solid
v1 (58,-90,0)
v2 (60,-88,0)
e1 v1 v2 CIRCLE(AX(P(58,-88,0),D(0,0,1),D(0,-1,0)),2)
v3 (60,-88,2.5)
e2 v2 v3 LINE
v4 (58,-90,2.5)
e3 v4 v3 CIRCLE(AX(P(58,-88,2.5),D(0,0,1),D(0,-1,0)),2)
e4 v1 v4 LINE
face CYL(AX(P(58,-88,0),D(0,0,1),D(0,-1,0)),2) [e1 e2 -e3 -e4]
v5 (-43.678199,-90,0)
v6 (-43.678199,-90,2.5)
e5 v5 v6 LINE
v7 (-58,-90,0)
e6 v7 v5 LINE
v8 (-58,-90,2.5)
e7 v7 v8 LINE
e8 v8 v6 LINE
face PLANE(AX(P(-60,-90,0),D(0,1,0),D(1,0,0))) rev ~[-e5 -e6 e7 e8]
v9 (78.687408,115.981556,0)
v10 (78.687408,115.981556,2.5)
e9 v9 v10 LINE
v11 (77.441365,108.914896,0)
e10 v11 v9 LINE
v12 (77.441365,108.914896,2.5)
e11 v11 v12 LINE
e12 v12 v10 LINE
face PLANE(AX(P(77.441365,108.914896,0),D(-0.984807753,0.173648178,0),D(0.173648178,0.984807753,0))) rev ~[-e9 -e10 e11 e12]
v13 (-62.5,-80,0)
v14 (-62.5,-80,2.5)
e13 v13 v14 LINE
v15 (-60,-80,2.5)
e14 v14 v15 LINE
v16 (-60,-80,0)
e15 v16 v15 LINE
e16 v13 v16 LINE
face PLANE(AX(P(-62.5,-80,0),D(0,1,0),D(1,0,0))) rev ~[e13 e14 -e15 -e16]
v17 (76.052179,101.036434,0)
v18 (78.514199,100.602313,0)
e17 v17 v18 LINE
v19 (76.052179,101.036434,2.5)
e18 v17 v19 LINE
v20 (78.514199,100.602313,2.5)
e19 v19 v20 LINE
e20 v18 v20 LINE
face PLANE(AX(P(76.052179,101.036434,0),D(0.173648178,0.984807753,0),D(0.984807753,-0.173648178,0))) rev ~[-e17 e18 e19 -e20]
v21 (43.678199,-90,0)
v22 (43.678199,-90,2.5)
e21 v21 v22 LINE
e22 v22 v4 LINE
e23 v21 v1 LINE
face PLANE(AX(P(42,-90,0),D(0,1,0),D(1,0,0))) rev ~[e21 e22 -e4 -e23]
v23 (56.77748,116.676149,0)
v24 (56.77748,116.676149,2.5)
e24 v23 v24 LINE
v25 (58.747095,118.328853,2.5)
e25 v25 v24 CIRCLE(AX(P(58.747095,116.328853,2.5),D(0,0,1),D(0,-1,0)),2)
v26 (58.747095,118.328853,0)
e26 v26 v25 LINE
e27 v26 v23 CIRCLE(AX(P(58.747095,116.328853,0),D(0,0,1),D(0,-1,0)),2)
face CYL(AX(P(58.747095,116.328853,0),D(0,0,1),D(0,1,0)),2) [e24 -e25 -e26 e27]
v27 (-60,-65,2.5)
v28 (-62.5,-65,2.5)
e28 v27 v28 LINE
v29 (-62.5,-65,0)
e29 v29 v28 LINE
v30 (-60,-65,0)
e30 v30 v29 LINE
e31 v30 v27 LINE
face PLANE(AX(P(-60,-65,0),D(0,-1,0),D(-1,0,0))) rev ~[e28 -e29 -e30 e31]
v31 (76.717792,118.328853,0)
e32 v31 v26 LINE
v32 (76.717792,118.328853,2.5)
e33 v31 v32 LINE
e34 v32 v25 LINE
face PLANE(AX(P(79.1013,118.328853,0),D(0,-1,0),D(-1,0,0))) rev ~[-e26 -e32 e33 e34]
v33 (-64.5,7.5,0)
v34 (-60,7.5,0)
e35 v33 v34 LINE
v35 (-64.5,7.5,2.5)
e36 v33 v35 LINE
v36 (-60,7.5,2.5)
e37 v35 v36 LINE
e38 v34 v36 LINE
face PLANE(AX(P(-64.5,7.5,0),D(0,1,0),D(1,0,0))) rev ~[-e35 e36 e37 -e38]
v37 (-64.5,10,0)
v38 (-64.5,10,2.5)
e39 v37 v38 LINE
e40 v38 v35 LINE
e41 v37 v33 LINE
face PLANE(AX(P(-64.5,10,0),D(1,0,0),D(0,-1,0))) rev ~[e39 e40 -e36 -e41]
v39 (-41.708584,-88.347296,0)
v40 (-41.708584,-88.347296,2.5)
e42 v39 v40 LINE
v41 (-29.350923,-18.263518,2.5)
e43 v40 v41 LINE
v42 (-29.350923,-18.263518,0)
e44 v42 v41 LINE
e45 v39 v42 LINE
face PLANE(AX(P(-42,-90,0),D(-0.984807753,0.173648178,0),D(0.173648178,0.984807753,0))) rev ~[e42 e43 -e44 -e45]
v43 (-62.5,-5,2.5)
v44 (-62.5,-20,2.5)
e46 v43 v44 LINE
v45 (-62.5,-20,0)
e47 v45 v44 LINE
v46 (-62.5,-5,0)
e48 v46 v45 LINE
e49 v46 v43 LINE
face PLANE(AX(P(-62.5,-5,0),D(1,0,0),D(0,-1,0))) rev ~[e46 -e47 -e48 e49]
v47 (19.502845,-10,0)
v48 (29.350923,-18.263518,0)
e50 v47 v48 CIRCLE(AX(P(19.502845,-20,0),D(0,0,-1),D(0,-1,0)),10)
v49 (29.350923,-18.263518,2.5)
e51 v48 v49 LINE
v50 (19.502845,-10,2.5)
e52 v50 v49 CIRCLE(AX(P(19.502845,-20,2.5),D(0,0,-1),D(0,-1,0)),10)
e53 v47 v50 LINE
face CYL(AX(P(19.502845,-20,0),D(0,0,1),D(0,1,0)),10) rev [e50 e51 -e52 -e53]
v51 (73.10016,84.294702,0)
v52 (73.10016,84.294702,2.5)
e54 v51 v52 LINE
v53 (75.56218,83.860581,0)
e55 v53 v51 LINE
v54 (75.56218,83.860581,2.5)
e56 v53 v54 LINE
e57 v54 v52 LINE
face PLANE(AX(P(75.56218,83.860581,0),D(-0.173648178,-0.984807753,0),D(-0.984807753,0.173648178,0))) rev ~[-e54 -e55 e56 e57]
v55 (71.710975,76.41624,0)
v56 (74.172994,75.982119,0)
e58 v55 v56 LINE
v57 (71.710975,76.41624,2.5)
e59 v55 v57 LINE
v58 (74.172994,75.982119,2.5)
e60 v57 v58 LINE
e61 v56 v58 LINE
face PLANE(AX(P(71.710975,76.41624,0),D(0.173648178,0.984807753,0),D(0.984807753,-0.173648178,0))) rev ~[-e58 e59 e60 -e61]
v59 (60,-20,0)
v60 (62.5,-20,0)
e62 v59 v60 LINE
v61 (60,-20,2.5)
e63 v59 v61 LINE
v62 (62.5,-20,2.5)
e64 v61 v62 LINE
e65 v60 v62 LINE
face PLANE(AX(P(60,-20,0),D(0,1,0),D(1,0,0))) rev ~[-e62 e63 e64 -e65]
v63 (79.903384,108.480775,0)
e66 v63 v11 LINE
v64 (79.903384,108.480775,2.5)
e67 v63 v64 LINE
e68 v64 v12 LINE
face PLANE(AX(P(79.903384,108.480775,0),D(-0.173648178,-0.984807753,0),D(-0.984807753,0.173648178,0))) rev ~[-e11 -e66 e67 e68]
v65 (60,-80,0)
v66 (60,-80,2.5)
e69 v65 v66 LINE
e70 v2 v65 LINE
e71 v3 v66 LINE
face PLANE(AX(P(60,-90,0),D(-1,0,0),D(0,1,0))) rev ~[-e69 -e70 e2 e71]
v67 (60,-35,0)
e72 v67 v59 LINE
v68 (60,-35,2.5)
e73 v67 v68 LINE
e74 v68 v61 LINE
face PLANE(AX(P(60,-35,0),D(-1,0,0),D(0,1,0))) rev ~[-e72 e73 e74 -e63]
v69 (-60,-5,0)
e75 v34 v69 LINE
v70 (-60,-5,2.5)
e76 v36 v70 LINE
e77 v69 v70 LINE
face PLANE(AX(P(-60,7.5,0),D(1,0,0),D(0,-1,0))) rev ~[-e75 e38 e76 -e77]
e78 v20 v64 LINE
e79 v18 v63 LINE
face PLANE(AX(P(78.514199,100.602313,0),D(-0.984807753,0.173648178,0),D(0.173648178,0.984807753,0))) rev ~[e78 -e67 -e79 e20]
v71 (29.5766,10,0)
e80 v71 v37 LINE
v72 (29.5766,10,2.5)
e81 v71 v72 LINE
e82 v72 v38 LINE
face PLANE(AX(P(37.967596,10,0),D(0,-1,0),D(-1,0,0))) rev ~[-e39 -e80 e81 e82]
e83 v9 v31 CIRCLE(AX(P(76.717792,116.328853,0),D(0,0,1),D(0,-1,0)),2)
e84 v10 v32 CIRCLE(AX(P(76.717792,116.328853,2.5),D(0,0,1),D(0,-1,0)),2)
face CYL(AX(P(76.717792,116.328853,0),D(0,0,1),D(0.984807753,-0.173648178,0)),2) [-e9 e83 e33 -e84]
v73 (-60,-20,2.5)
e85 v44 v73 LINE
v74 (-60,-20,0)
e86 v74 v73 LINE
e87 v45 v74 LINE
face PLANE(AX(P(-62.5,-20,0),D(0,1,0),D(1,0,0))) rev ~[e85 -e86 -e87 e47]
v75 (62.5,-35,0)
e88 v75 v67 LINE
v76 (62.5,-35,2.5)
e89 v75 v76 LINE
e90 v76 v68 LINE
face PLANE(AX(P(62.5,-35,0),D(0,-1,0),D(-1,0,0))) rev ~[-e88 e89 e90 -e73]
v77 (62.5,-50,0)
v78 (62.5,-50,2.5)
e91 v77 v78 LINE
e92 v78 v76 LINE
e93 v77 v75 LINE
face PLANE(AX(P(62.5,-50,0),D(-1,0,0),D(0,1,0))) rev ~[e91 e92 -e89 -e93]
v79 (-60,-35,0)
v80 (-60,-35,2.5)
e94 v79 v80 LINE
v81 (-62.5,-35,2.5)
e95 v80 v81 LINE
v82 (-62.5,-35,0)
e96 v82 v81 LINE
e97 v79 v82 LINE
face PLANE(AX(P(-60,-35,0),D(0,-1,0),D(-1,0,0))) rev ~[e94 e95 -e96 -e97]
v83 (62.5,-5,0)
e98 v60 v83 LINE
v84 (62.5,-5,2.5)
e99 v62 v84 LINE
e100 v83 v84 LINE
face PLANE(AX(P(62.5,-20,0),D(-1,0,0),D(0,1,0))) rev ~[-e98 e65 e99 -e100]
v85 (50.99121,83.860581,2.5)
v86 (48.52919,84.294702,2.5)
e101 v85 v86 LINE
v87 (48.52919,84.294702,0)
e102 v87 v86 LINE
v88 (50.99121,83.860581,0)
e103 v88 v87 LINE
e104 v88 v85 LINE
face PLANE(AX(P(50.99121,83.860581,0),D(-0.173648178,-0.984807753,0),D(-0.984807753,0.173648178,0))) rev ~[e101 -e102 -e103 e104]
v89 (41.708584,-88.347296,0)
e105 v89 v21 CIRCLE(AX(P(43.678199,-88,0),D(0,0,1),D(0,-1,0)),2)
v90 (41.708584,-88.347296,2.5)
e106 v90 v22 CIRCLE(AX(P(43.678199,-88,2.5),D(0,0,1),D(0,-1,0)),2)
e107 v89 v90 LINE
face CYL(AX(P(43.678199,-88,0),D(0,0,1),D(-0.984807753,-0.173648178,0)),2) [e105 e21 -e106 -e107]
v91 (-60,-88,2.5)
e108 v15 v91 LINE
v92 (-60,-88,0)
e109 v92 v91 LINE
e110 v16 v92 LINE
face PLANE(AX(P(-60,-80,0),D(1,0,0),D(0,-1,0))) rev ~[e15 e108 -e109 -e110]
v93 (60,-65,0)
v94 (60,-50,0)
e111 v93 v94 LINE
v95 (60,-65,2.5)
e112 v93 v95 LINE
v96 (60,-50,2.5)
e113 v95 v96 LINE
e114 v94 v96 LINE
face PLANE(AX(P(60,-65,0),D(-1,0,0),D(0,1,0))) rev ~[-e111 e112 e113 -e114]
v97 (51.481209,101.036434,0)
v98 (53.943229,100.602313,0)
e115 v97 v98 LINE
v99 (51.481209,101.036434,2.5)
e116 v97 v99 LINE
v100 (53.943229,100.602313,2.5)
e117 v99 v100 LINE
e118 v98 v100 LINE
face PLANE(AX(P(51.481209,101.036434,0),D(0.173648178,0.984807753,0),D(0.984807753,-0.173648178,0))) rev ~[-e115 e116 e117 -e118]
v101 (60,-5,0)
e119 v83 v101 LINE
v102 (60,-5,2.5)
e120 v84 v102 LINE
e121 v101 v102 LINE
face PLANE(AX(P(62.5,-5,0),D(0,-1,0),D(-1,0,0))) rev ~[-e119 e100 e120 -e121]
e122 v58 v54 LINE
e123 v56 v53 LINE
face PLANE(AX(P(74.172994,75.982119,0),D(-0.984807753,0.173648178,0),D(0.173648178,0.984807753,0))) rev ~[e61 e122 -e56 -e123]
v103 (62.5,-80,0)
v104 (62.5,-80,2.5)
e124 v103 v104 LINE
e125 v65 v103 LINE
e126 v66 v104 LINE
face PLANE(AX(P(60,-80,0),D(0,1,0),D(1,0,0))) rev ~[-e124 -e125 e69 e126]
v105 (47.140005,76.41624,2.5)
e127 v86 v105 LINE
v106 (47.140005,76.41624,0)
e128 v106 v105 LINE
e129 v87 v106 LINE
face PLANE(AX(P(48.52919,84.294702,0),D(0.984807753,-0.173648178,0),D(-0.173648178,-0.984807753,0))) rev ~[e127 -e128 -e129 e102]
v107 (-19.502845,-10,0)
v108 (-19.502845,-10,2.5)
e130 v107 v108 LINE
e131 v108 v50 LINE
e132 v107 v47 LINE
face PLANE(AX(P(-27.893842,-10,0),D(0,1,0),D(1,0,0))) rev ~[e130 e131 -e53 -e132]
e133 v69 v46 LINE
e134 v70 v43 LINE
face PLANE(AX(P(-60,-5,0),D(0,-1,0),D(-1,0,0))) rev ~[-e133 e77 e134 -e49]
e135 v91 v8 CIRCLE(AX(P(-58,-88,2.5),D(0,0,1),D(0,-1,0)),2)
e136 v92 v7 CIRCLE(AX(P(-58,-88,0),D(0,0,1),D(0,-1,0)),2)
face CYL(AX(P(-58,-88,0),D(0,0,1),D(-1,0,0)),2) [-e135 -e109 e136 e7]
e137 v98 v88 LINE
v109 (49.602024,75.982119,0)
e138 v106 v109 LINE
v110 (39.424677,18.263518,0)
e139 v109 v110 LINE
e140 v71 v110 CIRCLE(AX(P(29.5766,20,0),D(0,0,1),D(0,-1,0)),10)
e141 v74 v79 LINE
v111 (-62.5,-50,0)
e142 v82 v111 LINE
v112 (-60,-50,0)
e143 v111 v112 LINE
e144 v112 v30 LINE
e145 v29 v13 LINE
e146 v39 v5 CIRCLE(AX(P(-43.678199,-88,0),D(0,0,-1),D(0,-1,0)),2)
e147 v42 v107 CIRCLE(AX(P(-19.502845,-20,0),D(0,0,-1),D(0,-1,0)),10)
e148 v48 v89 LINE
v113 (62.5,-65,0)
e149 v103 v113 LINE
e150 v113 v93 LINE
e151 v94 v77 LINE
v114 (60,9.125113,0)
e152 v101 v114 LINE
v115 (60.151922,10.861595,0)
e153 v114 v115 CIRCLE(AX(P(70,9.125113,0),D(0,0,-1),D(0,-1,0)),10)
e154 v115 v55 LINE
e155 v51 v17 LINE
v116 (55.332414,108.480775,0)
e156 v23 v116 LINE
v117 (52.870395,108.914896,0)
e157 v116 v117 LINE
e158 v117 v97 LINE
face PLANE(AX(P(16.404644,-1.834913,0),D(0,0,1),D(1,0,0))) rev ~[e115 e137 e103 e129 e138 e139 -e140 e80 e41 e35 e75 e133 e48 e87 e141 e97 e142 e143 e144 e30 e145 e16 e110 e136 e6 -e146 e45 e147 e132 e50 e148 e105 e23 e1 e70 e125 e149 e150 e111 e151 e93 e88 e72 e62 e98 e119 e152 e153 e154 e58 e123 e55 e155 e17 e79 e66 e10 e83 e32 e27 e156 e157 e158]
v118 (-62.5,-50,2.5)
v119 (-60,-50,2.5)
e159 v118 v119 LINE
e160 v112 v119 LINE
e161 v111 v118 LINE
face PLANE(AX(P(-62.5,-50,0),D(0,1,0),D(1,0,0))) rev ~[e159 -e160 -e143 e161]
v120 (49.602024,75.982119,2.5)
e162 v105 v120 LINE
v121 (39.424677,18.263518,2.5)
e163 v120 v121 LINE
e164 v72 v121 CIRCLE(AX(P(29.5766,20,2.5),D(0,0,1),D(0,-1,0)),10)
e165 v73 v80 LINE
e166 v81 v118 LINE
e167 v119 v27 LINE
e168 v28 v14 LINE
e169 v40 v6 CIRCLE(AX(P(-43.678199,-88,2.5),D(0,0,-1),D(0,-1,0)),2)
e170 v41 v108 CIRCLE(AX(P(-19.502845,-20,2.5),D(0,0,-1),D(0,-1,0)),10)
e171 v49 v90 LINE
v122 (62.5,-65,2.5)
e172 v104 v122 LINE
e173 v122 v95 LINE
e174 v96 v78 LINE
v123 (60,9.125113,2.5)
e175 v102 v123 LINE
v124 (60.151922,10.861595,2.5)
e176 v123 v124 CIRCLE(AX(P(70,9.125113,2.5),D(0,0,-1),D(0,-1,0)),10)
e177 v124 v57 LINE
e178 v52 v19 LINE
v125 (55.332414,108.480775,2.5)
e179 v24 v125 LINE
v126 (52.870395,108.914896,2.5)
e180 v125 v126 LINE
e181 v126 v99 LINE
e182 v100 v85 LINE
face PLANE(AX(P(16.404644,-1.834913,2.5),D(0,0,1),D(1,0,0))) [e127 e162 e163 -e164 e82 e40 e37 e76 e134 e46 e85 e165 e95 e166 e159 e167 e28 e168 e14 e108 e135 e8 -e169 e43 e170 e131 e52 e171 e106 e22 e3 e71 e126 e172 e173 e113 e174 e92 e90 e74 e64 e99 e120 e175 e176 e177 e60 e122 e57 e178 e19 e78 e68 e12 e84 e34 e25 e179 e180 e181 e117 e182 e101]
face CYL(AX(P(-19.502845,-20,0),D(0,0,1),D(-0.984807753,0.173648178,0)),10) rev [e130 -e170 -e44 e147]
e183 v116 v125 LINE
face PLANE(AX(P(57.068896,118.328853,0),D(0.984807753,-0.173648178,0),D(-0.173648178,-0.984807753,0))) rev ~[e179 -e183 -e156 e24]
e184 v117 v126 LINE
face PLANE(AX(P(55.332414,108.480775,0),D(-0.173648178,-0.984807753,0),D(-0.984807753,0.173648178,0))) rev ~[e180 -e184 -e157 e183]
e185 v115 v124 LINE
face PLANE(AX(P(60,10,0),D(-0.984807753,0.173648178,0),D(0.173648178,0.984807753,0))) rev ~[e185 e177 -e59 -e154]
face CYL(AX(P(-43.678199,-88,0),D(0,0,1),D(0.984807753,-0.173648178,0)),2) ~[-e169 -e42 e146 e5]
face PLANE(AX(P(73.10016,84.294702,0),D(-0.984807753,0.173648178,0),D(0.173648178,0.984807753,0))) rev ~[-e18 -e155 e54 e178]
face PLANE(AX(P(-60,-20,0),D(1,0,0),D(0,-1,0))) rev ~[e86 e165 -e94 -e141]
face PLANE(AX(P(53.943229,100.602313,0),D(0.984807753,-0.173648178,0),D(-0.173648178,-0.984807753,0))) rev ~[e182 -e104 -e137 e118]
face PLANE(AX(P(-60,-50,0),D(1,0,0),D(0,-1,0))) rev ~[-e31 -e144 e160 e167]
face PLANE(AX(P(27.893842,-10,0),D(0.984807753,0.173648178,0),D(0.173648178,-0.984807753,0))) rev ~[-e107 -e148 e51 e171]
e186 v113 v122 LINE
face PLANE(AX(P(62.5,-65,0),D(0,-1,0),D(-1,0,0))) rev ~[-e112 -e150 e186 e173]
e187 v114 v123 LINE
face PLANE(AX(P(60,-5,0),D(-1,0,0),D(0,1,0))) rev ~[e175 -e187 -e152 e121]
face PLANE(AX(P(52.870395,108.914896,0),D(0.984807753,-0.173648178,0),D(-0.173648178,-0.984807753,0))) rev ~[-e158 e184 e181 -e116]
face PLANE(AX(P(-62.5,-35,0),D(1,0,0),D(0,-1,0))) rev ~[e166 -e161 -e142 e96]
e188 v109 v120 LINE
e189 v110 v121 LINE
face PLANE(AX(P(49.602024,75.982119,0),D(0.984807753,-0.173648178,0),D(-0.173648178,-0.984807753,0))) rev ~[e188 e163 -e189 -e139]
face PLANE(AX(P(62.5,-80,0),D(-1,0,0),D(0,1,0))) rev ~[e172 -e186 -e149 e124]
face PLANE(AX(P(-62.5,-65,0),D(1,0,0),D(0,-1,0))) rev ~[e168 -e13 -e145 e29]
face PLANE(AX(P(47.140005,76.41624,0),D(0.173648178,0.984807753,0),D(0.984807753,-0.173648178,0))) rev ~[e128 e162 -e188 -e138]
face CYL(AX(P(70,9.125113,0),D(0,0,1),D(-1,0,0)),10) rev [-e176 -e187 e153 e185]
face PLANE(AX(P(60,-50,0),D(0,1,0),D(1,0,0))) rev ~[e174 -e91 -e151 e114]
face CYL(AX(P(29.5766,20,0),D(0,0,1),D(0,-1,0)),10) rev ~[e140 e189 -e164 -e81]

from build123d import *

# Parameters (mm, degrees)
BOSS_EXTRUDE1_DEPTH = 2.5
FILLET1_R           = 2
FILLET2_R           = 10


with BuildPart() as part:
    # Sketch1 → Boss-Extrude1 (new body)
    with BuildSketch(Plane.XY):
        Polygon((-42, -90), (-27.893841543, -10), (27.893841543, -10), (42, -90), (60, -90), (60, -80), (62.5, -80), (62.5, -65), (60, -65), (60, -50), (62.5, -50), (62.5, -35), (60, -35), (60, -20), (62.5, -20), (62.5, -5), (60, -5), (60, 10), (71.710975051, 76.416239896), (74.172994433, 75.982119452), (75.562179855, 83.860581476), (73.100160472, 84.29470192), (76.052179493, 101.036433721), (78.514198875, 100.602313277), (79.903384296, 108.480775301), (77.441364914, 108.914895745), (79.101299543, 118.328852831), (57.068895795, 118.328852831), (55.332414019, 108.480775301), (52.870394636, 108.914895745), (51.481209215, 101.036433721), (53.943228597, 100.602313277), (50.991209577, 83.860581476), (48.529190194, 84.29470192), (47.140004773, 76.416239896), (49.602024156, 75.982119452), (37.967596252, 10), (-64.5, 10), (-64.5, 7.5), (-60, 7.5), (-60, -5), (-62.5, -5), (-62.5, -20), (-60, -20), (-60, -35), (-62.5, -35), (-62.5, -50), (-60, -50), (-60, -65), (-62.5, -65), (-62.5, -80), (-60, -80), (-60, -90), align=None)
    extrude(amount=BOSS_EXTRUDE1_DEPTH)

    # Fillet1
    fillet1_edges = [part.edges().sort_by_distance(p)[0] for p in [
        (60, -90, 1.25),
        (42, -90, 1.25),
        (-42, -90, 1.25),
        (-60, -90, 1.25),
        (57.068895795, 118.328852831, 1.25),
        (79.101299543, 118.328852831, 1.25),
    ]]
    fillet(fillet1_edges, radius=FILLET1_R)

    # Fillet2
    fillet2_edges = [part.edges().sort_by_distance(p)[0] for p in [
        (27.893841543, -10, 1.25),
        (-27.893841543, -10, 1.25),
        (37.967596252, 10, 1.25),
        (60, 10, 1.25),
    ]]
    fillet(fillet2_edges, radius=FILLET2_R)


solid = part.part
